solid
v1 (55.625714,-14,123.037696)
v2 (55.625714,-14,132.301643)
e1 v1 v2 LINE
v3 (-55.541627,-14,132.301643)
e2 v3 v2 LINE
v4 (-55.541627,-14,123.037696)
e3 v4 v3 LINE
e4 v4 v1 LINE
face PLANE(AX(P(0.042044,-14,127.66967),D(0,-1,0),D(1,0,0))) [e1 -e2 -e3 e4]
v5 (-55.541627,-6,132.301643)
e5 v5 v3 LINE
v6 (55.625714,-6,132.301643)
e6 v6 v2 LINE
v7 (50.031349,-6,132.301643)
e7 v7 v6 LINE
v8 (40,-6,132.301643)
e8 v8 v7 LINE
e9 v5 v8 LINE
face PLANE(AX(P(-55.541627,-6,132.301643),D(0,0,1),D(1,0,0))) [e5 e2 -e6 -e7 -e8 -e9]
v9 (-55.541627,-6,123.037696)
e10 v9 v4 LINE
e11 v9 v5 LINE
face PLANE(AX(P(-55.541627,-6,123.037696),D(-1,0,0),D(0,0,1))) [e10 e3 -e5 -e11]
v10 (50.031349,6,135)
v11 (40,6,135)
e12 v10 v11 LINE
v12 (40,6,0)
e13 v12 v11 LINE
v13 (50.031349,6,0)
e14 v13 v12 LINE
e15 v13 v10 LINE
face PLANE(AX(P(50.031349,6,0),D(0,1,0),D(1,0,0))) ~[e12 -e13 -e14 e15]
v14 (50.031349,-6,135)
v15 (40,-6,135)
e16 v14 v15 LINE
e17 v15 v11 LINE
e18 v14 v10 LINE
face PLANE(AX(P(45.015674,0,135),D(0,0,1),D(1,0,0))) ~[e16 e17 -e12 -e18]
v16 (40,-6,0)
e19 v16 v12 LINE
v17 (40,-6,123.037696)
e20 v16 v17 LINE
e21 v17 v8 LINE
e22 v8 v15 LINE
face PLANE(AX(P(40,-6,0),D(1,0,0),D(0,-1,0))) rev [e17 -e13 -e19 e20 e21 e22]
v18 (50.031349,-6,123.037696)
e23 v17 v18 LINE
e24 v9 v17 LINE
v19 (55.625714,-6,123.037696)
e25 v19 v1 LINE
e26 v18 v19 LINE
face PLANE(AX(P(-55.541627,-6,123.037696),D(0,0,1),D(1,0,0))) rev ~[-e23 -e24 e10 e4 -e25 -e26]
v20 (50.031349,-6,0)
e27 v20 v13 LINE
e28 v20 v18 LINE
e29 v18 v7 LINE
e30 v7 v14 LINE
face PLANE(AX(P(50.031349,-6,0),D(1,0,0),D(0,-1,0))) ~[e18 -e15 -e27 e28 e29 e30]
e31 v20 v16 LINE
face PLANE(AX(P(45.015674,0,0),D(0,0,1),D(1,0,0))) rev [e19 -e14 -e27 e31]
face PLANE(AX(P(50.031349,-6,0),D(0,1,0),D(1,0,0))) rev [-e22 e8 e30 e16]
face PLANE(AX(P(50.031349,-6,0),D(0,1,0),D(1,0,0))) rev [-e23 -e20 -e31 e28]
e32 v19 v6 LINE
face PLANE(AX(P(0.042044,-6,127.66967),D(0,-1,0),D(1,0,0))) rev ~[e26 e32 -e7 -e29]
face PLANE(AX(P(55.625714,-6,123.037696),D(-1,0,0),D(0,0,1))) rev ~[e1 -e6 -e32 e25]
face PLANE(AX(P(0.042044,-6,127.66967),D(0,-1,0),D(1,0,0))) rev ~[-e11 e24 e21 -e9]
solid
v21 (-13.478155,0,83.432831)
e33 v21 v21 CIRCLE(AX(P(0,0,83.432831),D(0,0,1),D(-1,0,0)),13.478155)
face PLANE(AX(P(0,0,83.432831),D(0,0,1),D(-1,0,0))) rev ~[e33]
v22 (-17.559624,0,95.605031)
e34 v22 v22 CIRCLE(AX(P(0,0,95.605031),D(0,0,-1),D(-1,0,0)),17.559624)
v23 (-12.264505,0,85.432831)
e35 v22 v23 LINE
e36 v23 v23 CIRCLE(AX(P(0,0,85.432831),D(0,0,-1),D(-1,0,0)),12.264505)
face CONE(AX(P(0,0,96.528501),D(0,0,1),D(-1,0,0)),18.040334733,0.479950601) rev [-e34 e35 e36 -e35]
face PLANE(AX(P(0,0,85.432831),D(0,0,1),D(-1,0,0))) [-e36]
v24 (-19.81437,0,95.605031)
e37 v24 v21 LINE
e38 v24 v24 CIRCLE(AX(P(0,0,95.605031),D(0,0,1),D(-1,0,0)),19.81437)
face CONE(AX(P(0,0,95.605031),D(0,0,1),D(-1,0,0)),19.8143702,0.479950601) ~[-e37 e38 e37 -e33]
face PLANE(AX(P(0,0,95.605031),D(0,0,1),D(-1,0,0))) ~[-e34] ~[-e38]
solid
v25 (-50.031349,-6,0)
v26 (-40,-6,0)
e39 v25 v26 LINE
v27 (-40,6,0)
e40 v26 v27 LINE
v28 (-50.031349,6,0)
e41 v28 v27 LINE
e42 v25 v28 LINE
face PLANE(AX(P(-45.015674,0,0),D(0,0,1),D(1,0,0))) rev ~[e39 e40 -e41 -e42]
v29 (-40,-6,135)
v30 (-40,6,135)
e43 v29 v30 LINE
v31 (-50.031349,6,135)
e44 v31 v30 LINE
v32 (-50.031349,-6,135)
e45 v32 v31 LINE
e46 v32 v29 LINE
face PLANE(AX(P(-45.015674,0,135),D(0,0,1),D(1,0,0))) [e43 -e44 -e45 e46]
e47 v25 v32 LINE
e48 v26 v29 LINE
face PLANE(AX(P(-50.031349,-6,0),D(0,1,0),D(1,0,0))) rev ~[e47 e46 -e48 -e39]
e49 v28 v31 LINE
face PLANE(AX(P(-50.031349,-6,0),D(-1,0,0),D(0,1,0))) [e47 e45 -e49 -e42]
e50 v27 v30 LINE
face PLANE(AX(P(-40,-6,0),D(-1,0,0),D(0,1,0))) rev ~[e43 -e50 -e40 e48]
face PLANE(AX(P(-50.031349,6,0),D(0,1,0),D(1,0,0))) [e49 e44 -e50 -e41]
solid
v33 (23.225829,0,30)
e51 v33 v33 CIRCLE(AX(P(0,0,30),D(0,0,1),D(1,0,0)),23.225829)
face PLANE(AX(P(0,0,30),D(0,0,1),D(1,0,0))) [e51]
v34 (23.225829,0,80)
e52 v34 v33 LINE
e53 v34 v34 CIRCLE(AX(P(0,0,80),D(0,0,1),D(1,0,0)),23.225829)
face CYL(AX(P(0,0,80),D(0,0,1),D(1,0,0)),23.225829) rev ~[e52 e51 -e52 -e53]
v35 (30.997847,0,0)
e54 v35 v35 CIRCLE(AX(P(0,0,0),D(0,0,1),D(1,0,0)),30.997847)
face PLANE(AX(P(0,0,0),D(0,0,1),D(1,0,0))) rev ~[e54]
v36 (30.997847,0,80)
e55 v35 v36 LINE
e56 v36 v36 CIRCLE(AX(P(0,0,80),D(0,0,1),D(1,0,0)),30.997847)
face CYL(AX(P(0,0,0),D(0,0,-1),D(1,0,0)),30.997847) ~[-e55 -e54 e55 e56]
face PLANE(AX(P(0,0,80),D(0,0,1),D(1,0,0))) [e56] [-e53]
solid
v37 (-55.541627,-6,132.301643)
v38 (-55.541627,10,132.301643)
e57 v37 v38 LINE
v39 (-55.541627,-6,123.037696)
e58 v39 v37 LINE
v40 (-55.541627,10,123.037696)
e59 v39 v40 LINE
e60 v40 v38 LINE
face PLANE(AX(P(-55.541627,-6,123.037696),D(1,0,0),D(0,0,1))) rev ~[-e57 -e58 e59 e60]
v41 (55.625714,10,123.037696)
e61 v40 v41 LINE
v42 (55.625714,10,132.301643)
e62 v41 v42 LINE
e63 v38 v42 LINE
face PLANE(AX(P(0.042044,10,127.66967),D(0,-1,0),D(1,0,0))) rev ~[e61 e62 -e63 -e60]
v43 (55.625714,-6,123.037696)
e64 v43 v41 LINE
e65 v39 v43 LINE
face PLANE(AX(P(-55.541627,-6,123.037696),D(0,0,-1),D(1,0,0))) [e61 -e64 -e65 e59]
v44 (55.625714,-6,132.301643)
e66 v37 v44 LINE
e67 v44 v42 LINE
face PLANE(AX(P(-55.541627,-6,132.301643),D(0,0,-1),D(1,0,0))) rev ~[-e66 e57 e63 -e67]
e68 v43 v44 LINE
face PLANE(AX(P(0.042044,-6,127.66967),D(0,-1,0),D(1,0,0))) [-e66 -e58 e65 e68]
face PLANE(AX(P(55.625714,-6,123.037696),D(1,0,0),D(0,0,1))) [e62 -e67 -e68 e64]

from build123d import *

# Parameters (mm, degrees)
F0_R     = 30.9978474474
F1_DEPTH = 80
F3_W     = 10.031348531
F3_H     = 12
F4_DEPTH = 135
F2_R     = 23.225828689
F6_DEPTH = 50
F7_W     = 111.1673414707
F7_H     = 9.2639476061
F8_DEPTH = 8
F9_DEPTH = 16
F13_T    = -2


with BuildPart() as f1:
    # F0 (on Top) → F1 (new body)
    with BuildSketch(Plane.XY):
        Circle(F0_R)
    extrude(amount=F1_DEPTH)

    # F2 (on face) → F6 (cut)
    with BuildSketch(Plane.XY.offset(80)):
        Circle(F2_R)
    extrude(amount=-F6_DEPTH, mode=Mode.SUBTRACT)


with BuildPart() as f4:
    # F3 (on Top) → F4 (new body)
    with BuildSketch(Plane.XY):
        with Locations((-45.0156742655, 0)):
            Rectangle(F3_W, F3_H)
    extrude(amount=F4_DEPTH)


with BuildPart() as f5_1:
    # F5: instance of F4
    add(f4.part.mirror(Plane.YZ))

    # F7 (on face) → F8 (join)
    with BuildSketch(Plane.XZ.offset(6)):
        with Locations((0.0420436263, 127.6696696877)):
            Rectangle(F7_W, F7_H)
    extrude(amount=F8_DEPTH)


with BuildPart() as f9:
    # F7 (on face) → F9 (new body)
    with BuildSketch(Plane.XZ.offset(6)):
        with Locations((0.0420436263, 127.6696696877)):
            Rectangle(F7_W, F7_H)
    extrude(amount=-F9_DEPTH)


with BuildPart() as f12:
    # F10 (on Front) → F12 (revolve)
    with BuildSketch(Plane.XZ):
        Polygon((-13.4781552479, 83.4328308702), (0, 83.4328308702), (0, 95.6050306559), (-19.8143702, 95.6050306559), align=None)
    revolve(axis=Axis((0, 0, 98.2741937041), (0, 0, 1)))

    # F13
    f13_openings = [f12.faces().sort_by_distance(p)[0] for p in [
        (0, 0, 95.605031),
    ]]
    offset(amount=F13_T, openings=f13_openings)


solid = Compound([f1.part, f4.part, f5_1.part, f9.part, f12.part])
